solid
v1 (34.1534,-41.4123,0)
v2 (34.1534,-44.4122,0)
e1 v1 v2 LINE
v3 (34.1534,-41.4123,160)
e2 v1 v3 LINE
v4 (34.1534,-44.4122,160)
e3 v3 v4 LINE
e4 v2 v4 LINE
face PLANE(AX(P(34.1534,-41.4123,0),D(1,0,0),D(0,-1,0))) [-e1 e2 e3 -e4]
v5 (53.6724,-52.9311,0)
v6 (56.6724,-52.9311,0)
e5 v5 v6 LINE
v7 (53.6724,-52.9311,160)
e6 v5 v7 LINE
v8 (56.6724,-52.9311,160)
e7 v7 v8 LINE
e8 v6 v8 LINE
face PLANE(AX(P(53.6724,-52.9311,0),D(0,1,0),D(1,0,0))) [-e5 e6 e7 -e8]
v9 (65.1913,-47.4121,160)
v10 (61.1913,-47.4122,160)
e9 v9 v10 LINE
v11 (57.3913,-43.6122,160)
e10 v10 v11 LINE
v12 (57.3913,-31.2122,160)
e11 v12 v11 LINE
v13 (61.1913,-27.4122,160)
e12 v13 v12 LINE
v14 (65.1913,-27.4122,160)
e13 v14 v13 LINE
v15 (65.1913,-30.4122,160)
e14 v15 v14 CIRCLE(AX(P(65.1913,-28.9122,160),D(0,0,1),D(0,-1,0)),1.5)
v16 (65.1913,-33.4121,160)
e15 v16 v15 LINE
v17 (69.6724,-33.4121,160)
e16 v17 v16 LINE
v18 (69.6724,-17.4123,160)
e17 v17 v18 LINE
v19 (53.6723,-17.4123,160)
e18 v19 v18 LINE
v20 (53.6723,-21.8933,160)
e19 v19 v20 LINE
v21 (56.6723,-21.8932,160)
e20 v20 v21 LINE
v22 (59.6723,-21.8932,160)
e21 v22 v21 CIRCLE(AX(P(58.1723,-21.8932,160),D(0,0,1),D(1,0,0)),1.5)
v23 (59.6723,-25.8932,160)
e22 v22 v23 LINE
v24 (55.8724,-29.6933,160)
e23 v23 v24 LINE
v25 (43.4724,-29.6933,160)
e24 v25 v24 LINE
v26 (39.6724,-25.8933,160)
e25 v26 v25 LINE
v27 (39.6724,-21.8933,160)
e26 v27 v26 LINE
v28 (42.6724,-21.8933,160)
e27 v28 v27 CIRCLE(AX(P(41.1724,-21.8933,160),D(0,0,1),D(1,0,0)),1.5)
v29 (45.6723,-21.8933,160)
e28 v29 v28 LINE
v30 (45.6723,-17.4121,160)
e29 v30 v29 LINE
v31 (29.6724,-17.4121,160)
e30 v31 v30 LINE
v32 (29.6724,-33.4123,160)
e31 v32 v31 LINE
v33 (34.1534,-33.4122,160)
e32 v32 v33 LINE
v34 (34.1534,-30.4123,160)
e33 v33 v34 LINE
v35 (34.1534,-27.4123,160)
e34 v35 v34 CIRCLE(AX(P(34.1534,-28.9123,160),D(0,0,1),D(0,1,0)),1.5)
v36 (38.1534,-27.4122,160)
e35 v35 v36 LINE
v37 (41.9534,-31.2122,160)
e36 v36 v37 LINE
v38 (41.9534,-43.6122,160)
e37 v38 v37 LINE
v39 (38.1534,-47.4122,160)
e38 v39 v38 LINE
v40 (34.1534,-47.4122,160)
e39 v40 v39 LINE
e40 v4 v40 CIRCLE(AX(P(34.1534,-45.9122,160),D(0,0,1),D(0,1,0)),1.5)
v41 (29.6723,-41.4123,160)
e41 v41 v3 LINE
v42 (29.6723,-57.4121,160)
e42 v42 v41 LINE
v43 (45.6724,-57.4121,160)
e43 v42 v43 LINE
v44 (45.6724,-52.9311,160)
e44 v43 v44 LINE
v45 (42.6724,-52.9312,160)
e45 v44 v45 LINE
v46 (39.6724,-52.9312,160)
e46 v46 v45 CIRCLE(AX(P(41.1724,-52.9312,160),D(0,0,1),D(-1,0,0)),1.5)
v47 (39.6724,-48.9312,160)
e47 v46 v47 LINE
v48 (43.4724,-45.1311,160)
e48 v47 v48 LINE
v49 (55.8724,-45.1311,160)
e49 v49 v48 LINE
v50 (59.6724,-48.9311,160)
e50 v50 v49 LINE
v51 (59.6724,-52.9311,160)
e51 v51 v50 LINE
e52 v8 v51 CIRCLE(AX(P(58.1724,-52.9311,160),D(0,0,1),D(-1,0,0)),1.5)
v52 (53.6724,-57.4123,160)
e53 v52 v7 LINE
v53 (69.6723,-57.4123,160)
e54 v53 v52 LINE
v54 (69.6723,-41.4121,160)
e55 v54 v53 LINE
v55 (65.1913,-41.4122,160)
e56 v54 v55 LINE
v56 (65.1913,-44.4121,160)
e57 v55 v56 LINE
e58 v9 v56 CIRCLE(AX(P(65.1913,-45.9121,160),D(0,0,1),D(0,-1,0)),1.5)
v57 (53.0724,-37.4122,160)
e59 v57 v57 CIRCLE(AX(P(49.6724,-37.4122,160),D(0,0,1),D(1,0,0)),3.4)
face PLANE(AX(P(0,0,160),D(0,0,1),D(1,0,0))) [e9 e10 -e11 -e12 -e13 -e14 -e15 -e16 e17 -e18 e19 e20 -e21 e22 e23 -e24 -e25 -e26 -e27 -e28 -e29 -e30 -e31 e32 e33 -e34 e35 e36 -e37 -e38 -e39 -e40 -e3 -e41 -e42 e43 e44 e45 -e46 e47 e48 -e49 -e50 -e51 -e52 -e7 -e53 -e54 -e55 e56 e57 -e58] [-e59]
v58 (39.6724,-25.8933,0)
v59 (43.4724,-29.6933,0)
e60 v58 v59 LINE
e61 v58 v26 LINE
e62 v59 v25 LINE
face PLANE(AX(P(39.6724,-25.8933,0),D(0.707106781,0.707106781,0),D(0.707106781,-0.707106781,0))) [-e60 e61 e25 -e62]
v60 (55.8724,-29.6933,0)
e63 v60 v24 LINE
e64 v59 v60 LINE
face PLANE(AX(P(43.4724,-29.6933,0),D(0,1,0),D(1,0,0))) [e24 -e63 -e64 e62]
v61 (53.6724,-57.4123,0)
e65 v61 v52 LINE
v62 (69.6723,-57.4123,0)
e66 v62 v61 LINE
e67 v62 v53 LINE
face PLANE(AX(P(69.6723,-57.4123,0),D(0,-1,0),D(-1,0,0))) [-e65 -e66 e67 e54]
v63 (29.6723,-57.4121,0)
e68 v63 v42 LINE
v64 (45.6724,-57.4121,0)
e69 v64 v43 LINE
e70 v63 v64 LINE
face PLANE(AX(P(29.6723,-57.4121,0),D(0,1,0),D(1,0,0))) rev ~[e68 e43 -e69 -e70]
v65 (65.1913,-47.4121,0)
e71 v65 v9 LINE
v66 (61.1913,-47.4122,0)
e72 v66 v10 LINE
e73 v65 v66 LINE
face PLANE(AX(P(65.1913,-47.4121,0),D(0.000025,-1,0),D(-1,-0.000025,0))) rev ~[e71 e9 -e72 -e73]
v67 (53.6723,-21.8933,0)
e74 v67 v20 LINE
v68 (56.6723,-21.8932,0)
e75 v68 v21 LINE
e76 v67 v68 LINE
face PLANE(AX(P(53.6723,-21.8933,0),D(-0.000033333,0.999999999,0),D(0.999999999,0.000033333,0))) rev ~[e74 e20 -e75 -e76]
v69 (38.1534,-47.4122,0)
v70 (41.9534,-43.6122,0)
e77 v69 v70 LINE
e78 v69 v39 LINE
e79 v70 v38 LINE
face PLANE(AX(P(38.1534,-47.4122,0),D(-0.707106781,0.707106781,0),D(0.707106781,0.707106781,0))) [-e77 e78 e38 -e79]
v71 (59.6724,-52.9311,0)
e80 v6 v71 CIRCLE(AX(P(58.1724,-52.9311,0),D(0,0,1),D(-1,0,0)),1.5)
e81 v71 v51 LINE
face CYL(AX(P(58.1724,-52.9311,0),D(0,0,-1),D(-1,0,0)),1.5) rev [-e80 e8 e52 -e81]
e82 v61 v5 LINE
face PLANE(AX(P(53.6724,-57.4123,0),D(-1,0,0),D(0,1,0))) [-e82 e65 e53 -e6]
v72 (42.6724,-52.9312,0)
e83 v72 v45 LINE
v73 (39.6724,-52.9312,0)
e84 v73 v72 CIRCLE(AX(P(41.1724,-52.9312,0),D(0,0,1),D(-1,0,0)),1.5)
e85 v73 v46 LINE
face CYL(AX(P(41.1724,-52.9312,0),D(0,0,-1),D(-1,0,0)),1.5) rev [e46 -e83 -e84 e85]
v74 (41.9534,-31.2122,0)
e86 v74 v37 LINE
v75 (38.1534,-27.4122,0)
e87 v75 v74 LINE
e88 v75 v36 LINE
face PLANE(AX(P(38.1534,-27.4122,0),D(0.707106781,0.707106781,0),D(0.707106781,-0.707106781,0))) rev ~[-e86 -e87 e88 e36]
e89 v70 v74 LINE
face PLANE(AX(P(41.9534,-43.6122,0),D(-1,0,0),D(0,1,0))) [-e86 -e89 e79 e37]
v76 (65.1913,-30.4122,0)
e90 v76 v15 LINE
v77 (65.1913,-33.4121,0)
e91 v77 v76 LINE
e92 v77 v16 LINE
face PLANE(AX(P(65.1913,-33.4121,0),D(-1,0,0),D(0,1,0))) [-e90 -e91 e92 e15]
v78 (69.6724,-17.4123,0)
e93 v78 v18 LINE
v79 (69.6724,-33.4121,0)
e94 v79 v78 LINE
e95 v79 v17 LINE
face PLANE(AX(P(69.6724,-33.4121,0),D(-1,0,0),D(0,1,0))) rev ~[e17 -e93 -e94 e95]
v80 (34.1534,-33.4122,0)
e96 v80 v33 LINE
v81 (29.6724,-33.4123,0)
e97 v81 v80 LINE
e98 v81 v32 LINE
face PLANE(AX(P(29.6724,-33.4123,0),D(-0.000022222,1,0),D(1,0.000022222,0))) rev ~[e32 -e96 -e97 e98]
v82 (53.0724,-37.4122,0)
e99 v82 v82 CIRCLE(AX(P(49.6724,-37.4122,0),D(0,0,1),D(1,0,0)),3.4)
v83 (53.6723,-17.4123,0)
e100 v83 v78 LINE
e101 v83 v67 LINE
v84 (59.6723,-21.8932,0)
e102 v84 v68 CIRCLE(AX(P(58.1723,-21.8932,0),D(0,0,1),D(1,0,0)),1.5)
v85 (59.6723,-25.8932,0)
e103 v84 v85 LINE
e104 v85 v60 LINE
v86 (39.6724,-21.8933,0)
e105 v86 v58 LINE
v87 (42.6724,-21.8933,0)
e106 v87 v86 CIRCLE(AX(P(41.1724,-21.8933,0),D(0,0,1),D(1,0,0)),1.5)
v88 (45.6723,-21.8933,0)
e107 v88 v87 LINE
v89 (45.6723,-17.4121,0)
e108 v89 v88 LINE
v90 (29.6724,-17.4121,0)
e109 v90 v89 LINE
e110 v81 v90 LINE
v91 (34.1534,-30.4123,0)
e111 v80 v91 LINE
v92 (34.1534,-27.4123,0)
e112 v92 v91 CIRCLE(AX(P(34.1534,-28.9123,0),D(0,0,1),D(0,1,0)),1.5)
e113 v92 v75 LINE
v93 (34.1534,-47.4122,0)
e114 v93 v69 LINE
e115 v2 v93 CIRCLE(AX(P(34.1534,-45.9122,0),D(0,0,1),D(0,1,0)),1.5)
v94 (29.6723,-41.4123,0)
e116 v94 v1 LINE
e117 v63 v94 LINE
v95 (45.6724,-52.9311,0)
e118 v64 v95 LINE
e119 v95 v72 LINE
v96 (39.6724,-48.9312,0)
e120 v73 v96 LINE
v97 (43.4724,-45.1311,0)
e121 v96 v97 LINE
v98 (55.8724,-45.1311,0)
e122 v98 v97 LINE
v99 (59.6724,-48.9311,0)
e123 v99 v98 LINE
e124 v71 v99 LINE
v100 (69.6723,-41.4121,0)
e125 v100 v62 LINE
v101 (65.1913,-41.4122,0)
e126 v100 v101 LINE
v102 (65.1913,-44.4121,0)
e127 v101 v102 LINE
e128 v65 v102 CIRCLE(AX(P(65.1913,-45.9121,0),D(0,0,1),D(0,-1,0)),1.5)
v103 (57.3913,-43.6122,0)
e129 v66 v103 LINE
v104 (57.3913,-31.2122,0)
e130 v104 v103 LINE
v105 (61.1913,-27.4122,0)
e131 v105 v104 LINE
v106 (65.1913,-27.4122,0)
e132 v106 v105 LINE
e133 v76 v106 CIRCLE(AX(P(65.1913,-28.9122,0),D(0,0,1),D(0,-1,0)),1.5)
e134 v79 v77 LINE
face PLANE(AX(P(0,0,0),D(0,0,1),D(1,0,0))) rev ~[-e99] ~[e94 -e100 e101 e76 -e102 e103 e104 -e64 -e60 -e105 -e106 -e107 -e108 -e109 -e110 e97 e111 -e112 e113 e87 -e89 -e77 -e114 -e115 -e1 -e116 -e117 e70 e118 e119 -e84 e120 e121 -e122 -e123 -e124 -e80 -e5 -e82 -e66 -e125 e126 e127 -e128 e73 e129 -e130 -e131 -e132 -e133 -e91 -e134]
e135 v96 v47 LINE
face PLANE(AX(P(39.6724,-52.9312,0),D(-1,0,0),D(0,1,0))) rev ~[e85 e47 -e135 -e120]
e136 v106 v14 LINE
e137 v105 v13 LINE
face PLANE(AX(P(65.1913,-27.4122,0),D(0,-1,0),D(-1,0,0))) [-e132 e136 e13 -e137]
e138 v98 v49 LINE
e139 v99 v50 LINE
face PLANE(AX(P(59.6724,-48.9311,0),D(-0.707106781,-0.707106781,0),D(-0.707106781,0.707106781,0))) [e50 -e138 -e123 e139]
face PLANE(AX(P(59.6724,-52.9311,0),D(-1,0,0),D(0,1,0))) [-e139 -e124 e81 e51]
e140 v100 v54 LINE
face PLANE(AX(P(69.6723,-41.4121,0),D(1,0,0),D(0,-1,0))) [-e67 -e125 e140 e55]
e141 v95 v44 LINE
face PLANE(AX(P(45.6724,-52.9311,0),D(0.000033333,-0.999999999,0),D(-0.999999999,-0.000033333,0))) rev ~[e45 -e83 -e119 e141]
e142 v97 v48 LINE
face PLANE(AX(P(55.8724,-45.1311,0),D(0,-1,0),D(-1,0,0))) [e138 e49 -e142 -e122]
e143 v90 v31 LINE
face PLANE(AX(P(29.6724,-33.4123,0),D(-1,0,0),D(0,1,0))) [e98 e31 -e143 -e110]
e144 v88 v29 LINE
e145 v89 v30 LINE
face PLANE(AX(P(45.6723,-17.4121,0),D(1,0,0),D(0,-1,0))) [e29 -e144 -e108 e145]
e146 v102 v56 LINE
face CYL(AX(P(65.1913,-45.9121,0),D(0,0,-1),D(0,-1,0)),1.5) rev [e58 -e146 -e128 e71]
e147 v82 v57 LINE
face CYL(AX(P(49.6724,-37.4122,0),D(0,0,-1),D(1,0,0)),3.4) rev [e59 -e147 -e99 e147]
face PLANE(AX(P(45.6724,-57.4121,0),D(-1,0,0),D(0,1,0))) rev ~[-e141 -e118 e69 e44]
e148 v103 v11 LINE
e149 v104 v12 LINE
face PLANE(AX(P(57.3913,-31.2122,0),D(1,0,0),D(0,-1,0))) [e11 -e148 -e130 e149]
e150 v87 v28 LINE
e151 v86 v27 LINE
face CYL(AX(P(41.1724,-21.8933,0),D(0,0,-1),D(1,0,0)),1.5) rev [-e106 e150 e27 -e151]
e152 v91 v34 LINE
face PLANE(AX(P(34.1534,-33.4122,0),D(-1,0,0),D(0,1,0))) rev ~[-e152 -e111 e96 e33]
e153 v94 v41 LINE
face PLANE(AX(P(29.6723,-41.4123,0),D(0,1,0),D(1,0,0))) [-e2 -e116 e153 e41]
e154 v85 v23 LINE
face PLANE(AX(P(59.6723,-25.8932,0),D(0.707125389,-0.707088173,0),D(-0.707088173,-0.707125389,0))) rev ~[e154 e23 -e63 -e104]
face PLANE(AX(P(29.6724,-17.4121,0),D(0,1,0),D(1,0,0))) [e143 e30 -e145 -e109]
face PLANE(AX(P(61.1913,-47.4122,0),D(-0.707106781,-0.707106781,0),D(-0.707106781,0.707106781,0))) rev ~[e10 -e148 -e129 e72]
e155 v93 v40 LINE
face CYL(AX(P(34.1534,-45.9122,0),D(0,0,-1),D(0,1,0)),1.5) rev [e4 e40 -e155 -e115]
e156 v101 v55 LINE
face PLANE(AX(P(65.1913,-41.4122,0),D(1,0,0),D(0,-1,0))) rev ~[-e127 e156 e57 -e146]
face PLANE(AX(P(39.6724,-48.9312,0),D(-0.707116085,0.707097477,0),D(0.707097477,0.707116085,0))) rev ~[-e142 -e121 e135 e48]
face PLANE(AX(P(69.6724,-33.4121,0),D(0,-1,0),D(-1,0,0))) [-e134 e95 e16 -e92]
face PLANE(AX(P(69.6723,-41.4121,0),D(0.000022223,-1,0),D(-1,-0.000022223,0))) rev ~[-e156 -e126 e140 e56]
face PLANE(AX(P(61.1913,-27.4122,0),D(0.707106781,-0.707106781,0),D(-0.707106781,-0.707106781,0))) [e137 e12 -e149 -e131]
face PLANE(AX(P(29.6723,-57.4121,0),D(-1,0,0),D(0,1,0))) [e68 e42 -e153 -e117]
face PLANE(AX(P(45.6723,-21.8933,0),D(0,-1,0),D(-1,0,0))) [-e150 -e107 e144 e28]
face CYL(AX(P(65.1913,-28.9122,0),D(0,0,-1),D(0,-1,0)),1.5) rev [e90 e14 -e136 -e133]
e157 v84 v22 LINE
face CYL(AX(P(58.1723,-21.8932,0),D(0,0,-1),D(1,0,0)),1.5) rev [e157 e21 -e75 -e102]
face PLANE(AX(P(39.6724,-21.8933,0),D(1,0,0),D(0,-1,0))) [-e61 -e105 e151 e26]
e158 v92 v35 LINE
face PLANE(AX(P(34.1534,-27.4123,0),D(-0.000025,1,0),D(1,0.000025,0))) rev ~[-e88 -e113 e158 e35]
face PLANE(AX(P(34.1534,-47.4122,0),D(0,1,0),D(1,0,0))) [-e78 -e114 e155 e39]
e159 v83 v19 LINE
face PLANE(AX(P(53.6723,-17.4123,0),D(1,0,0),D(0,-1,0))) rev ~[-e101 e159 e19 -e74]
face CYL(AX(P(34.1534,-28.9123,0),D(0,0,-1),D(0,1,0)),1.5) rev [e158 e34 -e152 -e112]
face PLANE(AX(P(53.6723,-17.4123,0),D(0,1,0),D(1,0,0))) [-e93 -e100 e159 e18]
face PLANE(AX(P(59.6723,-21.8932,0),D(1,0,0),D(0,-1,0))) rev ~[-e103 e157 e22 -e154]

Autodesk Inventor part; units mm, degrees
ref_plane "YZ Plane" through (0, 0, 0) normal (1, 0, 0) x (0, 1, 0)
ref_plane "XZ Plane" through (0, 0, 0) normal (0, 1, 0) x (-1, 0, 0)
ref_plane "XY Plane" through (0, 0, 0) normal (0, 0, 1) x (1, 0, 0)
sketch "Boceto2" plane through (0, 0, 0) normal (0, 0, 1) x (1, 0, 0)
  line L0 (29.6723, -57.4121) -> (29.6723, -41.4123)
  line L1 (29.6723, -41.4123) -> (34.1724, -41.4123)
  line L2 (34.1534, -41.4123) -> (34.1534, -44.4122)
  arc A0 (34.1534, -44.4122) -> (34.1534, -47.4122) centre (34.1534, -45.9122) ccw
  line L3 (34.1534, -47.4122) -> (38.1534, -47.4122)
  line L4 (38.1534, -47.4122) -> (41.9534, -43.6122)
  line L5 (29.6724, -33.4123) -> (34.1724, -33.4122)
  line L6 (34.1534, -33.4122) -> (34.1534, -30.4123)
  arc A1 (34.1534, -27.4123) -> (34.1534, -30.4123) centre (34.1534, -28.9123) ccw
  line L7 (34.1534, -27.4123) -> (38.1534, -27.4122)
  line L8 (38.1534, -27.4122) -> (41.9534, -31.2122)
  line L9 (41.9534, -43.6122) -> (41.9534, -31.2122)
  circle A2 centre (49.6724, -37.4122) radius 3.4
  line L10 (43.4724, -29.6933) -> (55.8724, -29.6933)
  line L11 (45.6723, -21.8933) -> (42.6724, -21.8933)
  line L12 (39.6724, -21.8933) -> (39.6724, -25.8933)
  line L13 (39.6724, -25.8933) -> (43.4724, -29.6933)
  arc A3 (42.6724, -21.8933) -> (39.6724, -21.8933) centre (41.1724, -21.8933) ccw
  line L14 (53.6723, -21.8933) -> (56.6723, -21.8932)
  line L15 (59.6723, -21.8932) -> (59.6723, -25.8932)
  arc A4 (59.6723, -21.8932) -> (56.6723, -21.8932) centre (58.1723, -21.8932) ccw
  line L16 (59.6723, -25.8932) -> (55.8724, -29.6933)
  line L17 (45.6723, -17.4121) -> (45.6723, -21.9122)
  line L18 (53.6723, -17.4123) -> (53.6723, -21.9122)
  circle A5 centre (49.6724, -37.4122) radius 3.4
  line L19 (57.3913, -31.2122) -> (57.3913, -43.6122)
  line L20 (65.1913, -33.4121) -> (65.1913, -30.4122)
  line L21 (65.1913, -27.4122) -> (61.1913, -27.4122)
  line L22 (61.1913, -27.4122) -> (57.3913, -31.2122)
  arc A6 (65.1913, -30.4122) -> (65.1913, -27.4122) centre (65.1913, -28.9122) ccw
  line L23 (65.1913, -41.4122) -> (65.1913, -44.4121)
  line L24 (65.1913, -47.4121) -> (61.1913, -47.4122)
  arc A7 (65.1913, -47.4121) -> (65.1913, -44.4121) centre (65.1913, -45.9121) ccw
  line L25 (61.1913, -47.4122) -> (57.3913, -43.6122)
  line L26 (69.6724, -33.4121) -> (65.1723, -33.4121)
  line L27 (69.6723, -41.4121) -> (65.1724, -41.4122)
  circle A8 centre (49.6724, -37.4122) radius 3.4
  line L28 (55.8724, -45.1311) -> (43.4724, -45.1311)
  line L29 (53.6724, -52.9311) -> (56.6724, -52.9311)
  line L30 (59.6724, -52.9311) -> (59.6724, -48.9311)
  line L31 (59.6724, -48.9311) -> (55.8724, -45.1311)
  arc A9 (56.6724, -52.9311) -> (59.6724, -52.9311) centre (58.1724, -52.9311) ccw
  line L32 (45.6724, -52.9311) -> (42.6724, -52.9312)
  line L33 (39.6724, -52.9312) -> (39.6724, -48.9312)
  arc A10 (39.6724, -52.9312) -> (42.6724, -52.9312) centre (41.1724, -52.9312) ccw
  line L34 (39.6724, -48.9312) -> (43.4724, -45.1311)
  line L35 (53.6724, -57.4123) -> (53.6724, -52.9122)
  line L36 (45.6724, -57.4121) -> (45.6724, -52.9122)
  circle A11 centre (49.6724, -37.4122) radius 3.4
  line L37 (29.6724, -17.4121) -> (45.6723, -17.4121)
  line L38 (53.6723, -17.4123) -> (69.6724, -17.4123)
  line L39 (29.6724, -33.4123) -> (29.6724, -17.4121)
  line L40 (29.6723, -57.4121) -> (45.6724, -57.4121)
  line L41 (69.6723, -41.4121) -> (69.6723, -57.4123)
  line L42 (69.6723, -57.4123) -> (53.6724, -57.4123)
  line L43 (69.6724, -33.4121) -> (69.6724, -17.4123)
  point P0 (0, 0)
  dimension "d29" = 360
  dimension "d33" = 40
  dimension "d34" = 6.8
extrude "Extrusión2" add sketch "Boceto2" along normal blind 160
properties part number "Vertical" material "Aluminio 6061"
